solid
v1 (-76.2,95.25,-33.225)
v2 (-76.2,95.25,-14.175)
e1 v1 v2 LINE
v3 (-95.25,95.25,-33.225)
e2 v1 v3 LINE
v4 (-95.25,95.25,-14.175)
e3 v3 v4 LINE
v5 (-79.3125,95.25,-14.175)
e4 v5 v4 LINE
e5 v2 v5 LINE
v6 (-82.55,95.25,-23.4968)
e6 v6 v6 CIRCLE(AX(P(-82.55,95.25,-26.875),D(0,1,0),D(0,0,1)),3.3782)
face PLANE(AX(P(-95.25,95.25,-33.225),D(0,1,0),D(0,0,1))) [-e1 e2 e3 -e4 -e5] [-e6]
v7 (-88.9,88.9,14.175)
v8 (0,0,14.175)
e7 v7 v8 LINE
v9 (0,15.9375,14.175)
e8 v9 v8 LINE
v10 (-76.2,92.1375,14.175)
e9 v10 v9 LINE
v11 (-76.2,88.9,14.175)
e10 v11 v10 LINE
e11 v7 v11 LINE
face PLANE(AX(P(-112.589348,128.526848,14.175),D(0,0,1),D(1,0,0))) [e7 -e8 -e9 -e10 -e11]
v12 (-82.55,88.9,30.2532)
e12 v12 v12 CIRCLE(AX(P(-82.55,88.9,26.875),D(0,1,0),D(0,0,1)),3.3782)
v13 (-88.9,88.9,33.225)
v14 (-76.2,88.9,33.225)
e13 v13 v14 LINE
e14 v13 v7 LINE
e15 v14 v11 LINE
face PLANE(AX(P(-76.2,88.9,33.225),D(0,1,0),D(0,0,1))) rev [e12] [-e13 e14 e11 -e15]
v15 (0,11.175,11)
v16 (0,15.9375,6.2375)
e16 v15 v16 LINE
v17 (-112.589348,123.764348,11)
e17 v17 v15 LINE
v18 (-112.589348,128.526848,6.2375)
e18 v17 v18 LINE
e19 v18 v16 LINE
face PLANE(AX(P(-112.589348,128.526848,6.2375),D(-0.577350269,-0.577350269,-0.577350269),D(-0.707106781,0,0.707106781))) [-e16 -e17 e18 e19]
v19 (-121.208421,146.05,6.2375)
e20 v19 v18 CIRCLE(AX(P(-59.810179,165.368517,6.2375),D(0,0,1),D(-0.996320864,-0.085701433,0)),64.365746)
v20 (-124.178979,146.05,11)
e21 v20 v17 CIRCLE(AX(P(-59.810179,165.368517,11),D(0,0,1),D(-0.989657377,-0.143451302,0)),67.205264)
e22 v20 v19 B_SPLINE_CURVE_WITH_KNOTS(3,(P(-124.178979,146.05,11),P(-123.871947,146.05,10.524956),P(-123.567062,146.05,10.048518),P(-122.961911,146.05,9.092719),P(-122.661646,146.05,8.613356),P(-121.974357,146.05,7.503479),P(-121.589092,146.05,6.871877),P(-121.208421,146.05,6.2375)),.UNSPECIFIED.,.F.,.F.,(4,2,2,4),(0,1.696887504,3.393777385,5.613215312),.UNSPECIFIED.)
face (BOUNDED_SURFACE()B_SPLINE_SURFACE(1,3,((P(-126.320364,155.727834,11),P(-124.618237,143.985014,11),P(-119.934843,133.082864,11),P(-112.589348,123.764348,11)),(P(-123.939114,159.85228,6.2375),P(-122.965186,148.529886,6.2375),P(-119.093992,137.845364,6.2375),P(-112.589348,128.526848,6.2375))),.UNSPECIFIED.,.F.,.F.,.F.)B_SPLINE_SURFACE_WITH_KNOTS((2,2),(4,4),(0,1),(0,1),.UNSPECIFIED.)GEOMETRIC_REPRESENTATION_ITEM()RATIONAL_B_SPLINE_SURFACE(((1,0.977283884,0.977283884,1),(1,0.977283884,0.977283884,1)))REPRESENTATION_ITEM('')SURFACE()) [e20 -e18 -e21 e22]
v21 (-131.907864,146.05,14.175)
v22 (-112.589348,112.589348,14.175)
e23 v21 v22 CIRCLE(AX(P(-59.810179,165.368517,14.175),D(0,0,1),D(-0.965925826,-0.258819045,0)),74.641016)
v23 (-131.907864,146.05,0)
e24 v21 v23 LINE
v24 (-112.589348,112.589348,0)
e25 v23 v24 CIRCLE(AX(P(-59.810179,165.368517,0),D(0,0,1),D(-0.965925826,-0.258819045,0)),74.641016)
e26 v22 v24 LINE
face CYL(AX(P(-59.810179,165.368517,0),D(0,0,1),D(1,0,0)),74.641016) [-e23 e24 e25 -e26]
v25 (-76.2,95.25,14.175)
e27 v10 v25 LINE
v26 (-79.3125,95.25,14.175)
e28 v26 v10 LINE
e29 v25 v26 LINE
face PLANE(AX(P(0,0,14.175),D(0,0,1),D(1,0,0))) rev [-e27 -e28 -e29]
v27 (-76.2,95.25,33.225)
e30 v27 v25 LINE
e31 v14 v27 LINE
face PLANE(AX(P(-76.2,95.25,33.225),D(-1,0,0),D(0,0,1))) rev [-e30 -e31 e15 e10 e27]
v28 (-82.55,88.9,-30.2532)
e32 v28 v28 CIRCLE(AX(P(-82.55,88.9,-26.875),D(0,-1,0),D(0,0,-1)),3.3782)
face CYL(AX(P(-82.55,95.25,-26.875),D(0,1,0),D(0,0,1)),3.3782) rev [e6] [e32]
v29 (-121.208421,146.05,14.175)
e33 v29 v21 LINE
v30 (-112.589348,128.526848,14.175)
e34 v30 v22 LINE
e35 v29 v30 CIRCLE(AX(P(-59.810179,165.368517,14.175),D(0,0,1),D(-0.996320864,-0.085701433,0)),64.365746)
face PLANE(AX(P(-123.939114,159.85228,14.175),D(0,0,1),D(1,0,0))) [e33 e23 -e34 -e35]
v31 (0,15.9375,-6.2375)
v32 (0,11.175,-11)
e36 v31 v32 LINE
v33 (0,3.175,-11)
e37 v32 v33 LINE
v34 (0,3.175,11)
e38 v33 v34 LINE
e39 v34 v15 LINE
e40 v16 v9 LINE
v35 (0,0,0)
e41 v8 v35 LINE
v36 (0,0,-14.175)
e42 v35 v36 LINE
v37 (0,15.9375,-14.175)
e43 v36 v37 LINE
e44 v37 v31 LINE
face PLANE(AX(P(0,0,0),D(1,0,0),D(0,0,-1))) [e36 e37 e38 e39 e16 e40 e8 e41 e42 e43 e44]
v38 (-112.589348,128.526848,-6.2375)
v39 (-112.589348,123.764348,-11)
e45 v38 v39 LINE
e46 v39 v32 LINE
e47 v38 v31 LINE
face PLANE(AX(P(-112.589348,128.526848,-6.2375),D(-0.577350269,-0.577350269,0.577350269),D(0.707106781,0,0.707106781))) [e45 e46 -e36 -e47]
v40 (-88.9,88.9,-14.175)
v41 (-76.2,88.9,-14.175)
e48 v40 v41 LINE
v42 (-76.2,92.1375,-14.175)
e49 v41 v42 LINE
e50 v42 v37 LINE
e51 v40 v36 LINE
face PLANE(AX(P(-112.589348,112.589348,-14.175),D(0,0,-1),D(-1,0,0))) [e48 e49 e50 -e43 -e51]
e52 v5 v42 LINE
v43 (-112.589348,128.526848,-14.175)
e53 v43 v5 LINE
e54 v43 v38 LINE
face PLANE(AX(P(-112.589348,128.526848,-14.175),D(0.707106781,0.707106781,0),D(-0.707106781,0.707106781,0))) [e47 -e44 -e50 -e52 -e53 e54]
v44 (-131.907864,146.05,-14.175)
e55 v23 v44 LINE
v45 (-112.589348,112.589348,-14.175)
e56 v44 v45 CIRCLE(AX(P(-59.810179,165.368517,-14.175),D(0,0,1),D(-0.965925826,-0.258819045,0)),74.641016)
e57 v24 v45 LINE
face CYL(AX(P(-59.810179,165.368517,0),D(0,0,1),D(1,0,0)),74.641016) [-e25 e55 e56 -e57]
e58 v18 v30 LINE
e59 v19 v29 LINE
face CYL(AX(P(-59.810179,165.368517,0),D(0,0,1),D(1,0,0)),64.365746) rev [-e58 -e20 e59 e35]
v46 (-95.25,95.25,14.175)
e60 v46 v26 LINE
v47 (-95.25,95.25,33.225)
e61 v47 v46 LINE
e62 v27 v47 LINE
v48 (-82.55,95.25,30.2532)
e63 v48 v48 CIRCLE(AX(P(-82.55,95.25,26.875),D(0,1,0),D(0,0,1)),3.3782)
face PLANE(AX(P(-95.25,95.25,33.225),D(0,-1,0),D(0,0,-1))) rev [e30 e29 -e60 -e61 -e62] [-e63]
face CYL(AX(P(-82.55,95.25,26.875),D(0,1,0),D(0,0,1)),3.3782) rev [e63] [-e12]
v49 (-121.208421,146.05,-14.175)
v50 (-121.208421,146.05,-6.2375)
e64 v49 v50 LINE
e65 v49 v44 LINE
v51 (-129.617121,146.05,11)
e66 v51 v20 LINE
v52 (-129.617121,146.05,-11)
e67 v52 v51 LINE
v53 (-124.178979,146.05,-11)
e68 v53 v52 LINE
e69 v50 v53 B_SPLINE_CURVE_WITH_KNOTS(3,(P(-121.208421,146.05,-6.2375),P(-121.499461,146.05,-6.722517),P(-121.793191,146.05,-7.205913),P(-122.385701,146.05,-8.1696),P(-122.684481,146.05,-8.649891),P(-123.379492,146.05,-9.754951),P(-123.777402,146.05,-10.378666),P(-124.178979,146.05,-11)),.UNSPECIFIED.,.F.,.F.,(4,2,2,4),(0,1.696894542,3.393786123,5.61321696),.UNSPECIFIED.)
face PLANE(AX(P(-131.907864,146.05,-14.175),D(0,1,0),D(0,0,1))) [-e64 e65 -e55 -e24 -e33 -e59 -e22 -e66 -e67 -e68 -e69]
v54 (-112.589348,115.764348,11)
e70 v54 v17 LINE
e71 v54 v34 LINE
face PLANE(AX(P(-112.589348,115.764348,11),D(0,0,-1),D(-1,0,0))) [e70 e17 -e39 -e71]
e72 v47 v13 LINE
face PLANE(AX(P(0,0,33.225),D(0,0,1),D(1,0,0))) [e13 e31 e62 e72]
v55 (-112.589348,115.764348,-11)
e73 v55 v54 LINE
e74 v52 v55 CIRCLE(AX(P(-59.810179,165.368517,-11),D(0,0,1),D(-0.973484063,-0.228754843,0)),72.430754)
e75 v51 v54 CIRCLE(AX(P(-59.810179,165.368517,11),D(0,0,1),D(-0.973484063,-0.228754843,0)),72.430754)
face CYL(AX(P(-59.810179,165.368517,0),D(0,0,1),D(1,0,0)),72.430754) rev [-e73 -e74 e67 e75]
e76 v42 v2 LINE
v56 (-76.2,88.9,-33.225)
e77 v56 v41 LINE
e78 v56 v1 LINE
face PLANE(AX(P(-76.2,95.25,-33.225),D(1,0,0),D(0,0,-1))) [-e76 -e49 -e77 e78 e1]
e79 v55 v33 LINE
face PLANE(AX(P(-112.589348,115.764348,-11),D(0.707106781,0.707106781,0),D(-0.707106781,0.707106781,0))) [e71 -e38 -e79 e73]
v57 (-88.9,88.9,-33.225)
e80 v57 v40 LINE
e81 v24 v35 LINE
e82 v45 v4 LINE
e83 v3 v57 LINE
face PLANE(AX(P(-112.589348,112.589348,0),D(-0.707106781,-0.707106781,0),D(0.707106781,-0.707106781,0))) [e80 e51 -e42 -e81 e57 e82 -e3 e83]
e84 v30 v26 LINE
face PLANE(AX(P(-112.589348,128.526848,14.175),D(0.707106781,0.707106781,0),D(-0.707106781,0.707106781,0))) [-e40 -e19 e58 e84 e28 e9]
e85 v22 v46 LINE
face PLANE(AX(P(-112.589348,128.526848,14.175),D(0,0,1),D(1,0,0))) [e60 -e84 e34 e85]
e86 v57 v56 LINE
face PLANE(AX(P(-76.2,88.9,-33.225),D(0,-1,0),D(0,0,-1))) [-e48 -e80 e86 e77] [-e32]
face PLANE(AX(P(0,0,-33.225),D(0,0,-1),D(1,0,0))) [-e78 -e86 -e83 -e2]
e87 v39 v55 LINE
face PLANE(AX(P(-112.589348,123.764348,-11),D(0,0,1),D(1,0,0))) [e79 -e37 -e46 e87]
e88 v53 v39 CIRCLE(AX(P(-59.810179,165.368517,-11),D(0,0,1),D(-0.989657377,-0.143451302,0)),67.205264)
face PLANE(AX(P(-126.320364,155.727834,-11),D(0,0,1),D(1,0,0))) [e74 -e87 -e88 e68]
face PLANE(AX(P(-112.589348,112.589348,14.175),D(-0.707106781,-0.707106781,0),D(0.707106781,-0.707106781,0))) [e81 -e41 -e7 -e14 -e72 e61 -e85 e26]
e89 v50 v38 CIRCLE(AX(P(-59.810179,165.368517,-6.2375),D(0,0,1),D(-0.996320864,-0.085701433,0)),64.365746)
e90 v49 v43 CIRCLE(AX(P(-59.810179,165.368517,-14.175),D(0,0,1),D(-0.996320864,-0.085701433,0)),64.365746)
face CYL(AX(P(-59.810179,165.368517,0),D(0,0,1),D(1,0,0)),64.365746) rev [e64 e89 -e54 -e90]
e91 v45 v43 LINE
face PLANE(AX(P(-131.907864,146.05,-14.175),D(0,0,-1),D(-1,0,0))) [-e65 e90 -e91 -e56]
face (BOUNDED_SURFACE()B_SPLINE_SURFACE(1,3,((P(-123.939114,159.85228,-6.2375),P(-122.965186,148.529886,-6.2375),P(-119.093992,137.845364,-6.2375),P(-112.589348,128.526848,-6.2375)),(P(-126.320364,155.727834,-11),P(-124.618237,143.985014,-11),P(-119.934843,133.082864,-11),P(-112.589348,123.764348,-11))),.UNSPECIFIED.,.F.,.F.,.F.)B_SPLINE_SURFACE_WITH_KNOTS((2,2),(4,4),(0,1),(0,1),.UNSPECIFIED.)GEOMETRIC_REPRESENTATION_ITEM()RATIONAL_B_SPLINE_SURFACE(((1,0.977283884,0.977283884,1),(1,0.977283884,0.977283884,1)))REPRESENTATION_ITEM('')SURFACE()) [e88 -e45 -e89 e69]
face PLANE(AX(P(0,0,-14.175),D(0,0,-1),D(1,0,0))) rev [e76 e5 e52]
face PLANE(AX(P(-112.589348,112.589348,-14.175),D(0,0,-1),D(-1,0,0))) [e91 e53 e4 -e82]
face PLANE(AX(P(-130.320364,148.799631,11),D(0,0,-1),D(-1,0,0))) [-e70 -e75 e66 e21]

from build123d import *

# Parameters (mm, degrees)
CUT_EXTRUDE1_DEPTH      = 210.179727901
BOSS_EXTRUDE3_DEPTH     = 19.05
F_1_4_CLEARANCE_HOLE1_D = 6.7564


with BuildPart() as part:
    # Sweep1: sweep along a path in Sketch1
    with BuildLine(Plane.XY) as sweep1_path:
        Line((0, 0), (-112.58934785, 112.58934785))
        ThreePointArc((-112.58934785, 112.58934785), (-124.451195327, 128.04800845), (-131.907864376, 146.05))
    # Sketch2 → Sweep1 (sweep)
    with BuildSketch(Plane(origin=(0, 0, 0), x_dir=(0, 0, -1), z_dir=(1, 0, 0))):
        Polygon((0, 0), (14.175, 0), (14.175, 15.9375), (6.2375, 15.9375), (11, 11.175), (11, 3.175), (-11, 3.175), (-11, 11.175), (-6.2375, 15.9375), (-14.175, 15.9375), (-14.175, 0), align=None)
    sweep(path=sweep1_path.line)

    # Sketch3 → Cut-Extrude1 (cut, through all)
    with BuildSketch(Plane(origin=(0, 0, 14.175), x_dir=(-1, 0, 0), z_dir=(0, 0, -1))):
        Polygon((131.907864376, 146.05), (121.208421138, 146.05), (123.939114376, 159.852279873), align=None)
    extrude(amount=CUT_EXTRUDE1_DEPTH, mode=Mode.SUBTRACT)

    # Sketch10 → Boss-Extrude3 (add)
    with BuildSketch(Plane.XY.offset(14.175)):
        Polygon((-88.9, 88.9), (-95.25, 95.25), (-76.2, 95.25), (-76.2, 88.9), align=None)
    boss_extrude3 = extrude(amount=BOSS_EXTRUDE3_DEPTH)

    # 1/4 Clearance Hole1 (through all)
    with Locations(Plane(origin=(0, 95.25, 0), x_dir=(1, 0, 0), z_dir=(0, 1, 0))):
        with Locations((-82.55, -26.875)):
            f_1_4_clearance_hole1 = Hole(F_1_4_CLEARANCE_HOLE1_D / 2)

    # Mirror1: Boss-Extrude3, 1/4 Clearance Hole1 across plane
    add(boss_extrude3.mirror(Plane.XY))
    add(f_1_4_clearance_hole1.mirror(Plane.XY), mode=Mode.SUBTRACT)


solid = part.part
